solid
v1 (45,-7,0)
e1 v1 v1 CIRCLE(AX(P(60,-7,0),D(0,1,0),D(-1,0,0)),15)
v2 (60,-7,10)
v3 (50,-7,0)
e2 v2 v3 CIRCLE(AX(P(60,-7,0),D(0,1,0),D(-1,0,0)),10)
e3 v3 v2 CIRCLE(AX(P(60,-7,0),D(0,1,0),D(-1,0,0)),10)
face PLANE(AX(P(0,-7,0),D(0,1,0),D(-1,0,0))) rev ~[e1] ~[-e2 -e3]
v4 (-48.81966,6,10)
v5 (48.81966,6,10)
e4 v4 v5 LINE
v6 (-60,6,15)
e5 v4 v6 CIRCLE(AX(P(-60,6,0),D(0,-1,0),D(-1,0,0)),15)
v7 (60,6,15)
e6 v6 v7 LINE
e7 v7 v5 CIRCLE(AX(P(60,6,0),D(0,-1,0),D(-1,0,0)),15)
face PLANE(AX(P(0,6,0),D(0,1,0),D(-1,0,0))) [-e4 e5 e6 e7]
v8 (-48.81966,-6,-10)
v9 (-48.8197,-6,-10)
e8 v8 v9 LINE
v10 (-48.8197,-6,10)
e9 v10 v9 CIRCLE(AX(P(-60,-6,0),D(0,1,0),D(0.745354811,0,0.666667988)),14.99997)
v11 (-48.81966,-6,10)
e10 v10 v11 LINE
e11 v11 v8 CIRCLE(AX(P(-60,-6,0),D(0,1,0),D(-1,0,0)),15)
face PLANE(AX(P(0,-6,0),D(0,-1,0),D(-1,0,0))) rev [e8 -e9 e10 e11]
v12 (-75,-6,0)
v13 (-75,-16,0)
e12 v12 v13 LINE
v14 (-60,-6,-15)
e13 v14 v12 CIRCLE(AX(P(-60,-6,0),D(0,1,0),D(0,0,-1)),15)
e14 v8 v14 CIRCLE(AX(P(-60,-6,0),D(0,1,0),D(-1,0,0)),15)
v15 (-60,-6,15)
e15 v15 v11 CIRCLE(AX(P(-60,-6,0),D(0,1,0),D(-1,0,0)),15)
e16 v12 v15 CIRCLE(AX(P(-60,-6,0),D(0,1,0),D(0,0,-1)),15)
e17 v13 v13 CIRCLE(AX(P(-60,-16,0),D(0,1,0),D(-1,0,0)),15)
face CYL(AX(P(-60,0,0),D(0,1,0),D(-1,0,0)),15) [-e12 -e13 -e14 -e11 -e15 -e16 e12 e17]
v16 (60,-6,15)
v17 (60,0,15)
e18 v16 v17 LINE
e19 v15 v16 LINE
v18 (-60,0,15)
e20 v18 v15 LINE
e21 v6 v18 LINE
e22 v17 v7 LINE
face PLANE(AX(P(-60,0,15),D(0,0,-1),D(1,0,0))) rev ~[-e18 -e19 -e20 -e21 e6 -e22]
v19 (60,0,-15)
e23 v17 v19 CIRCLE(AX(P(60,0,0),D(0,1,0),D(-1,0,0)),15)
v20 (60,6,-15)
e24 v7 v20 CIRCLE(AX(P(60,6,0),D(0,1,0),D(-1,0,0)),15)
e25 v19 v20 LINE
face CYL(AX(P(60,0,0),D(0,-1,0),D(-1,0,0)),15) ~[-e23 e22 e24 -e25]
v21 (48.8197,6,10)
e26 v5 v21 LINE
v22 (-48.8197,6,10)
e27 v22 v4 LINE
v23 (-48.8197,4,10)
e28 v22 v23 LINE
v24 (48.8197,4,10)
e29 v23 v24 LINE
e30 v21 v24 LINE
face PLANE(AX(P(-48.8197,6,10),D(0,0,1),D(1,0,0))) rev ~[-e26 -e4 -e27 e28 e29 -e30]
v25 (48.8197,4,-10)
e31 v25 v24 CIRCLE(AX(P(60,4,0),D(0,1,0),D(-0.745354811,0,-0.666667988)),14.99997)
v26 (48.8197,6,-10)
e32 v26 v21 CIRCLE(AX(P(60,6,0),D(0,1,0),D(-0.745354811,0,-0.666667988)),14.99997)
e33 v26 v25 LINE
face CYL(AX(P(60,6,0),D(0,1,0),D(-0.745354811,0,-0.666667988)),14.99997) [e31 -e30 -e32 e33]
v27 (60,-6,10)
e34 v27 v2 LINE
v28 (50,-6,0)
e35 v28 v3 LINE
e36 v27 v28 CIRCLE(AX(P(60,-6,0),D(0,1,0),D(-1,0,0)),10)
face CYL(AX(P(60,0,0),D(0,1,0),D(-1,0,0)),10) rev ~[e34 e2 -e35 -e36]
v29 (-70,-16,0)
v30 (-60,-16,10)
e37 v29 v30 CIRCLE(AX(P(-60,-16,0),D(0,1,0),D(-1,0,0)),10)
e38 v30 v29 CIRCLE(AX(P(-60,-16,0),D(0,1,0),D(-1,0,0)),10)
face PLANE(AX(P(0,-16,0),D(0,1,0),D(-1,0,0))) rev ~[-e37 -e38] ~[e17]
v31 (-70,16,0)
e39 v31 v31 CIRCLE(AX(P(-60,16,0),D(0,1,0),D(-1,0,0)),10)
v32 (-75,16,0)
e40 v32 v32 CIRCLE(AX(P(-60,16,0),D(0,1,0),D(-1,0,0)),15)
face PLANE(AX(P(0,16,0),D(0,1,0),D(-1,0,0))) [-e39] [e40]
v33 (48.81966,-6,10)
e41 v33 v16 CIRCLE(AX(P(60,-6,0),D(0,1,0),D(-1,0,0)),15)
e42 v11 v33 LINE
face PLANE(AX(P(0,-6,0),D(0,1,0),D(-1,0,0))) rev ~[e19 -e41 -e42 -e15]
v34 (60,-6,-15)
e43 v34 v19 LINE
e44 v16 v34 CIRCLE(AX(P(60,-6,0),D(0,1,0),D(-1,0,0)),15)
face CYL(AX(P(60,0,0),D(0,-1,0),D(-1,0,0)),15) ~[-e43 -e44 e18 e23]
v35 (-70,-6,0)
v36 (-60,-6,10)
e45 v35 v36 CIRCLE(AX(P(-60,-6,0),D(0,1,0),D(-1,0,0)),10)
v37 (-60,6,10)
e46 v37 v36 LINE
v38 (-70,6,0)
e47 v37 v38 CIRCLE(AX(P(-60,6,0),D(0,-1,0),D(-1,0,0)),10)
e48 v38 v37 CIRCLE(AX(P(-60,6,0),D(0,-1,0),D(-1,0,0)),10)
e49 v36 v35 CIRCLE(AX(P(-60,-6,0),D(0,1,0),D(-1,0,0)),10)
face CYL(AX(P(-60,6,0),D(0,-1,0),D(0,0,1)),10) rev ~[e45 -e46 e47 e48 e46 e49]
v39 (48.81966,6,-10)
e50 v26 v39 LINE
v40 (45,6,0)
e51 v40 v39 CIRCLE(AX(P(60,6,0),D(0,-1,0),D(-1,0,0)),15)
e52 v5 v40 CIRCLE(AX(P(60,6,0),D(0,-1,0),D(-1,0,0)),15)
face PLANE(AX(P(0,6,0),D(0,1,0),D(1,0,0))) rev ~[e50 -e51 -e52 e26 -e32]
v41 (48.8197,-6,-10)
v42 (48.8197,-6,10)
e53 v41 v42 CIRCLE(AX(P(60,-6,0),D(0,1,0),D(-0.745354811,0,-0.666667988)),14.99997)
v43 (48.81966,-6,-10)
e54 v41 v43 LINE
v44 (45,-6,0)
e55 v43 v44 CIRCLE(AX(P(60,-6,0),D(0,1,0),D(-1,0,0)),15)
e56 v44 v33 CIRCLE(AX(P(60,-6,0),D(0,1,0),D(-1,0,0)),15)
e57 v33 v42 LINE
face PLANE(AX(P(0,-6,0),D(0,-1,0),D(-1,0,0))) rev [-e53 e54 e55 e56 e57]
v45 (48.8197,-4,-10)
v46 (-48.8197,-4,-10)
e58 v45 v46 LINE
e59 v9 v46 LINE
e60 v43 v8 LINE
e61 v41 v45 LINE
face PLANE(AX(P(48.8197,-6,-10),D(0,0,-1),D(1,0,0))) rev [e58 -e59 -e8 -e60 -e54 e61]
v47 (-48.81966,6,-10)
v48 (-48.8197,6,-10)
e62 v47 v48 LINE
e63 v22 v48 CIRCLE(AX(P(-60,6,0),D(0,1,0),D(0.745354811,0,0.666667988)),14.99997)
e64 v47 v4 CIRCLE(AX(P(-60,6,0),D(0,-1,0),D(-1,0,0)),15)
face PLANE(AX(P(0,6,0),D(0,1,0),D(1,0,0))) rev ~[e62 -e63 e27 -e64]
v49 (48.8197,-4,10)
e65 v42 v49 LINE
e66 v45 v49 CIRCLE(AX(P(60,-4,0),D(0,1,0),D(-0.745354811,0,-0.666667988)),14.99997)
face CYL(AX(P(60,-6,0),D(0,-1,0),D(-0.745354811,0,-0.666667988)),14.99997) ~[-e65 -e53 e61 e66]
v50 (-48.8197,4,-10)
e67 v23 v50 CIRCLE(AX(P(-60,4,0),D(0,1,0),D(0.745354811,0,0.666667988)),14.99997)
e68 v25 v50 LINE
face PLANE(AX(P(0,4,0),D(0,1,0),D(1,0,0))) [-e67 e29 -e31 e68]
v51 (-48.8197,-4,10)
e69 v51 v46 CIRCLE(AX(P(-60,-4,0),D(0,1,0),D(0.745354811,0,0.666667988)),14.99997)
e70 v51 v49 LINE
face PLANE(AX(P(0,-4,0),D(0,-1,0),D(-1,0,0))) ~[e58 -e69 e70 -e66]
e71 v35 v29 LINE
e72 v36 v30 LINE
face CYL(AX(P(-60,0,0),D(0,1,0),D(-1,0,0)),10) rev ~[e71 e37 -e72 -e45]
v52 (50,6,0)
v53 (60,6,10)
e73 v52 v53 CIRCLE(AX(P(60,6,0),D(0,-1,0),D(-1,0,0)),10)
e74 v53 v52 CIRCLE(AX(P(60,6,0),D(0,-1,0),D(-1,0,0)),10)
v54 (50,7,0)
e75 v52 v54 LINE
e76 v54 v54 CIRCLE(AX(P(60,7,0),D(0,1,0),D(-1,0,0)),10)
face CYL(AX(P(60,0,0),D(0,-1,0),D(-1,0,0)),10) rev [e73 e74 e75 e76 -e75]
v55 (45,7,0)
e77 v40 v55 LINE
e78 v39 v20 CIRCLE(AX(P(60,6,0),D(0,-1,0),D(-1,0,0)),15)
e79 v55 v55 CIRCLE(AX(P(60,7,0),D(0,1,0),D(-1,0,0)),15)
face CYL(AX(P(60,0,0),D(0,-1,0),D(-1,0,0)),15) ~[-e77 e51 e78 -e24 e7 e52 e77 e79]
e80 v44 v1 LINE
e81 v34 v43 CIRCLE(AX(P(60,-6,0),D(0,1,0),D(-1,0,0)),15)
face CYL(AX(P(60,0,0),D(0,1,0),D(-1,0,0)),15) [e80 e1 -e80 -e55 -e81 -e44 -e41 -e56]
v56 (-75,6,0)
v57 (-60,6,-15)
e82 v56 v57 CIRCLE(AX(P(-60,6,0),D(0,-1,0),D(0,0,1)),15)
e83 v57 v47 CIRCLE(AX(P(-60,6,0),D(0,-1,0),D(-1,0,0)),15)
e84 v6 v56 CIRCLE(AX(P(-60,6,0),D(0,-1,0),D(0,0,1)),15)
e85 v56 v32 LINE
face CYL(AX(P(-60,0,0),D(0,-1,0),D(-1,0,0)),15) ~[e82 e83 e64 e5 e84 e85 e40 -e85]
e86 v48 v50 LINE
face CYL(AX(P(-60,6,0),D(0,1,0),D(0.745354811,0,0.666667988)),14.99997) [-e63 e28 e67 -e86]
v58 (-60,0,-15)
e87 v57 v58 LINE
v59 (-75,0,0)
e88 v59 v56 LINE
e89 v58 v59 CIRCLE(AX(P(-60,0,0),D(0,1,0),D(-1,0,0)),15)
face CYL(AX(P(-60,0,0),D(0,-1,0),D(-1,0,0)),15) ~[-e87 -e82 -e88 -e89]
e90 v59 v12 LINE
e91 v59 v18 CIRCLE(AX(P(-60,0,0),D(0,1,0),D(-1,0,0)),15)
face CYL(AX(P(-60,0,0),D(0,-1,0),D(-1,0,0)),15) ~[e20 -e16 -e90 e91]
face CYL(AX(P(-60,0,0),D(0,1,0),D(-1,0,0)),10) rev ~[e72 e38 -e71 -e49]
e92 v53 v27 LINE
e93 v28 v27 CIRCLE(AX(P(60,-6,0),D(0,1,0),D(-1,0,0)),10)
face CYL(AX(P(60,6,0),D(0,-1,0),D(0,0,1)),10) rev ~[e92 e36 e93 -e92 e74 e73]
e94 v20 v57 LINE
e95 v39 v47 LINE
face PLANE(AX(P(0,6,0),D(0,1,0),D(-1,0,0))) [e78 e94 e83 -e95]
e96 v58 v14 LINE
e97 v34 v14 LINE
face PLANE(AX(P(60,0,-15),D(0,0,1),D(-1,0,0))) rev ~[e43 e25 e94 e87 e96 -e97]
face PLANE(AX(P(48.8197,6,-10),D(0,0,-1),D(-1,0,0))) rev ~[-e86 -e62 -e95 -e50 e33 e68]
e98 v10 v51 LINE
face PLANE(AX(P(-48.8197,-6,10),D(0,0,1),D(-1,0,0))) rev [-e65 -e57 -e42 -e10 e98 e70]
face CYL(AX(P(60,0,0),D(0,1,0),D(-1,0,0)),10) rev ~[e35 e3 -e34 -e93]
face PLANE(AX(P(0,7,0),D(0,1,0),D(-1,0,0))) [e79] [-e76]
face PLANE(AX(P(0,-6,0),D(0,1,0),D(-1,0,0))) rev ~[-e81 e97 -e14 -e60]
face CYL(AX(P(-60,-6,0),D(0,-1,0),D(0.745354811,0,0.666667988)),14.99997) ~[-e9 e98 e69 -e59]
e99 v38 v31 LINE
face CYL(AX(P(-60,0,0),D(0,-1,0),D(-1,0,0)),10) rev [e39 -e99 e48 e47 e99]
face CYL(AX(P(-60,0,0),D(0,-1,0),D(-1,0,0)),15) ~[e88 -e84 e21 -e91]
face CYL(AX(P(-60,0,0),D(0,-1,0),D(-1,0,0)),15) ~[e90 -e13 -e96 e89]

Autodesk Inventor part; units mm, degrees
ref_plane "YZ Plane" through (0, 0, 0) normal (1, 0, 0) x (0, 1, 0)
ref_plane "XZ Plane" through (0, 0, 0) normal (0, 1, 0) x (-1, 0, 0)
ref_plane "XY Plane" through (0, 0, 0) normal (0, 0, 1) x (1, 0, 0)
sketch "Sketch1" plane through (0, 0, 0) normal (0, 1, 0) x (-1, 0, 0)
  line L0 (-60, -15) -> (60, -15)
  line L1 (60, -15) -> (60, 15)
  line L2 (60, 15) -> (-60, 15)
  line L3 (-60, 15) -> (-60, -15)
  line L4 (-60, -15) -> (60, 15) construction
  line L5 (60, -15) -> (-60, 15) construction
  circle A0 centre (-60, 0) radius 15
  circle A1 centre (60, 0) radius 15
  point P0 (0, 0)
  dimension "d0" = 120
  dimension "d1" = 30
extrude "Extrusion1" add sketch "Sketch1" along normal mid plane 12
sketch "Sketch2" plane through (0, 6, 0) normal (0, 1, 0) x (1, 0, 0)
  point P0 (0, 0)
sketch "Sketch3" plane through (0, 0, 0) normal (0, 1, 0) x (-1, 0, 0)
  circle A0 centre (60, 0) radius 15
  circle A1 centre (60, 0) radius 10
  point P0 (0, 0)
  dimension "d4" = 20
extrude "Extrusion2" add sketch "Sketch3" along normal mid plane 32
sketch "Sketch4" plane through (0, 0, 0) normal (0, 1, 0) x (-1, 0, 0)
  circle A0 centre (-60, 0) radius 15
  circle A1 centre (-60, 0) radius 10
  point P0 (0, 0)
  dimension "d7" = 20
extrude "Extrusion3" add sketch "Sketch4" along normal mid plane 14
sketch "Sketch5" plane through (0, 0, 0) normal (0, 1, 0) x (-1, 0, 0)
  point P0 (0, 0)
hole "Hole1" at (-60, 6, 0) direction (0, -1, 0) diameter 20 end through all
hole "Hole2" at (60, 6, 0) direction (0, -1, 0) diameter 20 end through all
sketch "Sketch6" plane through (0, 6, 0) normal (0, 1, 0) x (1, 0, 0)
  arc A0 (-48.8197, -10) -> (-48.8197, 10) centre (-60, 0) ccw
  arc A1 (48.8197, 10) -> (48.8197, -10) centre (60, 0) ccw
  circle A2 centre (-60, 0) radius 10 projected
  line L0 (48.8197, 10) -> (-48.8197, 10)
  line L1 (-60, 10) -> (-60, -10)
  line L2 (-48.8197, -10) -> (48.8197, -10)
  line L3 (60, -10) -> (60, 10)
  line L4 (60, 10) -> (-60, -10) construction
  line L5 (-60, 10) -> (60, -10) construction
  point P0 (0, 0)
  dimension "d28" = 30
extrude "Extrusion4" cut sketch "Sketch6" against normal blind 2 contours A0 L0 A1 L2
mirror "Mirror1" about plane through (0, 0, 0) normal (0, 1, 0) of "Extrusion4"
properties part number "connecting_link"
